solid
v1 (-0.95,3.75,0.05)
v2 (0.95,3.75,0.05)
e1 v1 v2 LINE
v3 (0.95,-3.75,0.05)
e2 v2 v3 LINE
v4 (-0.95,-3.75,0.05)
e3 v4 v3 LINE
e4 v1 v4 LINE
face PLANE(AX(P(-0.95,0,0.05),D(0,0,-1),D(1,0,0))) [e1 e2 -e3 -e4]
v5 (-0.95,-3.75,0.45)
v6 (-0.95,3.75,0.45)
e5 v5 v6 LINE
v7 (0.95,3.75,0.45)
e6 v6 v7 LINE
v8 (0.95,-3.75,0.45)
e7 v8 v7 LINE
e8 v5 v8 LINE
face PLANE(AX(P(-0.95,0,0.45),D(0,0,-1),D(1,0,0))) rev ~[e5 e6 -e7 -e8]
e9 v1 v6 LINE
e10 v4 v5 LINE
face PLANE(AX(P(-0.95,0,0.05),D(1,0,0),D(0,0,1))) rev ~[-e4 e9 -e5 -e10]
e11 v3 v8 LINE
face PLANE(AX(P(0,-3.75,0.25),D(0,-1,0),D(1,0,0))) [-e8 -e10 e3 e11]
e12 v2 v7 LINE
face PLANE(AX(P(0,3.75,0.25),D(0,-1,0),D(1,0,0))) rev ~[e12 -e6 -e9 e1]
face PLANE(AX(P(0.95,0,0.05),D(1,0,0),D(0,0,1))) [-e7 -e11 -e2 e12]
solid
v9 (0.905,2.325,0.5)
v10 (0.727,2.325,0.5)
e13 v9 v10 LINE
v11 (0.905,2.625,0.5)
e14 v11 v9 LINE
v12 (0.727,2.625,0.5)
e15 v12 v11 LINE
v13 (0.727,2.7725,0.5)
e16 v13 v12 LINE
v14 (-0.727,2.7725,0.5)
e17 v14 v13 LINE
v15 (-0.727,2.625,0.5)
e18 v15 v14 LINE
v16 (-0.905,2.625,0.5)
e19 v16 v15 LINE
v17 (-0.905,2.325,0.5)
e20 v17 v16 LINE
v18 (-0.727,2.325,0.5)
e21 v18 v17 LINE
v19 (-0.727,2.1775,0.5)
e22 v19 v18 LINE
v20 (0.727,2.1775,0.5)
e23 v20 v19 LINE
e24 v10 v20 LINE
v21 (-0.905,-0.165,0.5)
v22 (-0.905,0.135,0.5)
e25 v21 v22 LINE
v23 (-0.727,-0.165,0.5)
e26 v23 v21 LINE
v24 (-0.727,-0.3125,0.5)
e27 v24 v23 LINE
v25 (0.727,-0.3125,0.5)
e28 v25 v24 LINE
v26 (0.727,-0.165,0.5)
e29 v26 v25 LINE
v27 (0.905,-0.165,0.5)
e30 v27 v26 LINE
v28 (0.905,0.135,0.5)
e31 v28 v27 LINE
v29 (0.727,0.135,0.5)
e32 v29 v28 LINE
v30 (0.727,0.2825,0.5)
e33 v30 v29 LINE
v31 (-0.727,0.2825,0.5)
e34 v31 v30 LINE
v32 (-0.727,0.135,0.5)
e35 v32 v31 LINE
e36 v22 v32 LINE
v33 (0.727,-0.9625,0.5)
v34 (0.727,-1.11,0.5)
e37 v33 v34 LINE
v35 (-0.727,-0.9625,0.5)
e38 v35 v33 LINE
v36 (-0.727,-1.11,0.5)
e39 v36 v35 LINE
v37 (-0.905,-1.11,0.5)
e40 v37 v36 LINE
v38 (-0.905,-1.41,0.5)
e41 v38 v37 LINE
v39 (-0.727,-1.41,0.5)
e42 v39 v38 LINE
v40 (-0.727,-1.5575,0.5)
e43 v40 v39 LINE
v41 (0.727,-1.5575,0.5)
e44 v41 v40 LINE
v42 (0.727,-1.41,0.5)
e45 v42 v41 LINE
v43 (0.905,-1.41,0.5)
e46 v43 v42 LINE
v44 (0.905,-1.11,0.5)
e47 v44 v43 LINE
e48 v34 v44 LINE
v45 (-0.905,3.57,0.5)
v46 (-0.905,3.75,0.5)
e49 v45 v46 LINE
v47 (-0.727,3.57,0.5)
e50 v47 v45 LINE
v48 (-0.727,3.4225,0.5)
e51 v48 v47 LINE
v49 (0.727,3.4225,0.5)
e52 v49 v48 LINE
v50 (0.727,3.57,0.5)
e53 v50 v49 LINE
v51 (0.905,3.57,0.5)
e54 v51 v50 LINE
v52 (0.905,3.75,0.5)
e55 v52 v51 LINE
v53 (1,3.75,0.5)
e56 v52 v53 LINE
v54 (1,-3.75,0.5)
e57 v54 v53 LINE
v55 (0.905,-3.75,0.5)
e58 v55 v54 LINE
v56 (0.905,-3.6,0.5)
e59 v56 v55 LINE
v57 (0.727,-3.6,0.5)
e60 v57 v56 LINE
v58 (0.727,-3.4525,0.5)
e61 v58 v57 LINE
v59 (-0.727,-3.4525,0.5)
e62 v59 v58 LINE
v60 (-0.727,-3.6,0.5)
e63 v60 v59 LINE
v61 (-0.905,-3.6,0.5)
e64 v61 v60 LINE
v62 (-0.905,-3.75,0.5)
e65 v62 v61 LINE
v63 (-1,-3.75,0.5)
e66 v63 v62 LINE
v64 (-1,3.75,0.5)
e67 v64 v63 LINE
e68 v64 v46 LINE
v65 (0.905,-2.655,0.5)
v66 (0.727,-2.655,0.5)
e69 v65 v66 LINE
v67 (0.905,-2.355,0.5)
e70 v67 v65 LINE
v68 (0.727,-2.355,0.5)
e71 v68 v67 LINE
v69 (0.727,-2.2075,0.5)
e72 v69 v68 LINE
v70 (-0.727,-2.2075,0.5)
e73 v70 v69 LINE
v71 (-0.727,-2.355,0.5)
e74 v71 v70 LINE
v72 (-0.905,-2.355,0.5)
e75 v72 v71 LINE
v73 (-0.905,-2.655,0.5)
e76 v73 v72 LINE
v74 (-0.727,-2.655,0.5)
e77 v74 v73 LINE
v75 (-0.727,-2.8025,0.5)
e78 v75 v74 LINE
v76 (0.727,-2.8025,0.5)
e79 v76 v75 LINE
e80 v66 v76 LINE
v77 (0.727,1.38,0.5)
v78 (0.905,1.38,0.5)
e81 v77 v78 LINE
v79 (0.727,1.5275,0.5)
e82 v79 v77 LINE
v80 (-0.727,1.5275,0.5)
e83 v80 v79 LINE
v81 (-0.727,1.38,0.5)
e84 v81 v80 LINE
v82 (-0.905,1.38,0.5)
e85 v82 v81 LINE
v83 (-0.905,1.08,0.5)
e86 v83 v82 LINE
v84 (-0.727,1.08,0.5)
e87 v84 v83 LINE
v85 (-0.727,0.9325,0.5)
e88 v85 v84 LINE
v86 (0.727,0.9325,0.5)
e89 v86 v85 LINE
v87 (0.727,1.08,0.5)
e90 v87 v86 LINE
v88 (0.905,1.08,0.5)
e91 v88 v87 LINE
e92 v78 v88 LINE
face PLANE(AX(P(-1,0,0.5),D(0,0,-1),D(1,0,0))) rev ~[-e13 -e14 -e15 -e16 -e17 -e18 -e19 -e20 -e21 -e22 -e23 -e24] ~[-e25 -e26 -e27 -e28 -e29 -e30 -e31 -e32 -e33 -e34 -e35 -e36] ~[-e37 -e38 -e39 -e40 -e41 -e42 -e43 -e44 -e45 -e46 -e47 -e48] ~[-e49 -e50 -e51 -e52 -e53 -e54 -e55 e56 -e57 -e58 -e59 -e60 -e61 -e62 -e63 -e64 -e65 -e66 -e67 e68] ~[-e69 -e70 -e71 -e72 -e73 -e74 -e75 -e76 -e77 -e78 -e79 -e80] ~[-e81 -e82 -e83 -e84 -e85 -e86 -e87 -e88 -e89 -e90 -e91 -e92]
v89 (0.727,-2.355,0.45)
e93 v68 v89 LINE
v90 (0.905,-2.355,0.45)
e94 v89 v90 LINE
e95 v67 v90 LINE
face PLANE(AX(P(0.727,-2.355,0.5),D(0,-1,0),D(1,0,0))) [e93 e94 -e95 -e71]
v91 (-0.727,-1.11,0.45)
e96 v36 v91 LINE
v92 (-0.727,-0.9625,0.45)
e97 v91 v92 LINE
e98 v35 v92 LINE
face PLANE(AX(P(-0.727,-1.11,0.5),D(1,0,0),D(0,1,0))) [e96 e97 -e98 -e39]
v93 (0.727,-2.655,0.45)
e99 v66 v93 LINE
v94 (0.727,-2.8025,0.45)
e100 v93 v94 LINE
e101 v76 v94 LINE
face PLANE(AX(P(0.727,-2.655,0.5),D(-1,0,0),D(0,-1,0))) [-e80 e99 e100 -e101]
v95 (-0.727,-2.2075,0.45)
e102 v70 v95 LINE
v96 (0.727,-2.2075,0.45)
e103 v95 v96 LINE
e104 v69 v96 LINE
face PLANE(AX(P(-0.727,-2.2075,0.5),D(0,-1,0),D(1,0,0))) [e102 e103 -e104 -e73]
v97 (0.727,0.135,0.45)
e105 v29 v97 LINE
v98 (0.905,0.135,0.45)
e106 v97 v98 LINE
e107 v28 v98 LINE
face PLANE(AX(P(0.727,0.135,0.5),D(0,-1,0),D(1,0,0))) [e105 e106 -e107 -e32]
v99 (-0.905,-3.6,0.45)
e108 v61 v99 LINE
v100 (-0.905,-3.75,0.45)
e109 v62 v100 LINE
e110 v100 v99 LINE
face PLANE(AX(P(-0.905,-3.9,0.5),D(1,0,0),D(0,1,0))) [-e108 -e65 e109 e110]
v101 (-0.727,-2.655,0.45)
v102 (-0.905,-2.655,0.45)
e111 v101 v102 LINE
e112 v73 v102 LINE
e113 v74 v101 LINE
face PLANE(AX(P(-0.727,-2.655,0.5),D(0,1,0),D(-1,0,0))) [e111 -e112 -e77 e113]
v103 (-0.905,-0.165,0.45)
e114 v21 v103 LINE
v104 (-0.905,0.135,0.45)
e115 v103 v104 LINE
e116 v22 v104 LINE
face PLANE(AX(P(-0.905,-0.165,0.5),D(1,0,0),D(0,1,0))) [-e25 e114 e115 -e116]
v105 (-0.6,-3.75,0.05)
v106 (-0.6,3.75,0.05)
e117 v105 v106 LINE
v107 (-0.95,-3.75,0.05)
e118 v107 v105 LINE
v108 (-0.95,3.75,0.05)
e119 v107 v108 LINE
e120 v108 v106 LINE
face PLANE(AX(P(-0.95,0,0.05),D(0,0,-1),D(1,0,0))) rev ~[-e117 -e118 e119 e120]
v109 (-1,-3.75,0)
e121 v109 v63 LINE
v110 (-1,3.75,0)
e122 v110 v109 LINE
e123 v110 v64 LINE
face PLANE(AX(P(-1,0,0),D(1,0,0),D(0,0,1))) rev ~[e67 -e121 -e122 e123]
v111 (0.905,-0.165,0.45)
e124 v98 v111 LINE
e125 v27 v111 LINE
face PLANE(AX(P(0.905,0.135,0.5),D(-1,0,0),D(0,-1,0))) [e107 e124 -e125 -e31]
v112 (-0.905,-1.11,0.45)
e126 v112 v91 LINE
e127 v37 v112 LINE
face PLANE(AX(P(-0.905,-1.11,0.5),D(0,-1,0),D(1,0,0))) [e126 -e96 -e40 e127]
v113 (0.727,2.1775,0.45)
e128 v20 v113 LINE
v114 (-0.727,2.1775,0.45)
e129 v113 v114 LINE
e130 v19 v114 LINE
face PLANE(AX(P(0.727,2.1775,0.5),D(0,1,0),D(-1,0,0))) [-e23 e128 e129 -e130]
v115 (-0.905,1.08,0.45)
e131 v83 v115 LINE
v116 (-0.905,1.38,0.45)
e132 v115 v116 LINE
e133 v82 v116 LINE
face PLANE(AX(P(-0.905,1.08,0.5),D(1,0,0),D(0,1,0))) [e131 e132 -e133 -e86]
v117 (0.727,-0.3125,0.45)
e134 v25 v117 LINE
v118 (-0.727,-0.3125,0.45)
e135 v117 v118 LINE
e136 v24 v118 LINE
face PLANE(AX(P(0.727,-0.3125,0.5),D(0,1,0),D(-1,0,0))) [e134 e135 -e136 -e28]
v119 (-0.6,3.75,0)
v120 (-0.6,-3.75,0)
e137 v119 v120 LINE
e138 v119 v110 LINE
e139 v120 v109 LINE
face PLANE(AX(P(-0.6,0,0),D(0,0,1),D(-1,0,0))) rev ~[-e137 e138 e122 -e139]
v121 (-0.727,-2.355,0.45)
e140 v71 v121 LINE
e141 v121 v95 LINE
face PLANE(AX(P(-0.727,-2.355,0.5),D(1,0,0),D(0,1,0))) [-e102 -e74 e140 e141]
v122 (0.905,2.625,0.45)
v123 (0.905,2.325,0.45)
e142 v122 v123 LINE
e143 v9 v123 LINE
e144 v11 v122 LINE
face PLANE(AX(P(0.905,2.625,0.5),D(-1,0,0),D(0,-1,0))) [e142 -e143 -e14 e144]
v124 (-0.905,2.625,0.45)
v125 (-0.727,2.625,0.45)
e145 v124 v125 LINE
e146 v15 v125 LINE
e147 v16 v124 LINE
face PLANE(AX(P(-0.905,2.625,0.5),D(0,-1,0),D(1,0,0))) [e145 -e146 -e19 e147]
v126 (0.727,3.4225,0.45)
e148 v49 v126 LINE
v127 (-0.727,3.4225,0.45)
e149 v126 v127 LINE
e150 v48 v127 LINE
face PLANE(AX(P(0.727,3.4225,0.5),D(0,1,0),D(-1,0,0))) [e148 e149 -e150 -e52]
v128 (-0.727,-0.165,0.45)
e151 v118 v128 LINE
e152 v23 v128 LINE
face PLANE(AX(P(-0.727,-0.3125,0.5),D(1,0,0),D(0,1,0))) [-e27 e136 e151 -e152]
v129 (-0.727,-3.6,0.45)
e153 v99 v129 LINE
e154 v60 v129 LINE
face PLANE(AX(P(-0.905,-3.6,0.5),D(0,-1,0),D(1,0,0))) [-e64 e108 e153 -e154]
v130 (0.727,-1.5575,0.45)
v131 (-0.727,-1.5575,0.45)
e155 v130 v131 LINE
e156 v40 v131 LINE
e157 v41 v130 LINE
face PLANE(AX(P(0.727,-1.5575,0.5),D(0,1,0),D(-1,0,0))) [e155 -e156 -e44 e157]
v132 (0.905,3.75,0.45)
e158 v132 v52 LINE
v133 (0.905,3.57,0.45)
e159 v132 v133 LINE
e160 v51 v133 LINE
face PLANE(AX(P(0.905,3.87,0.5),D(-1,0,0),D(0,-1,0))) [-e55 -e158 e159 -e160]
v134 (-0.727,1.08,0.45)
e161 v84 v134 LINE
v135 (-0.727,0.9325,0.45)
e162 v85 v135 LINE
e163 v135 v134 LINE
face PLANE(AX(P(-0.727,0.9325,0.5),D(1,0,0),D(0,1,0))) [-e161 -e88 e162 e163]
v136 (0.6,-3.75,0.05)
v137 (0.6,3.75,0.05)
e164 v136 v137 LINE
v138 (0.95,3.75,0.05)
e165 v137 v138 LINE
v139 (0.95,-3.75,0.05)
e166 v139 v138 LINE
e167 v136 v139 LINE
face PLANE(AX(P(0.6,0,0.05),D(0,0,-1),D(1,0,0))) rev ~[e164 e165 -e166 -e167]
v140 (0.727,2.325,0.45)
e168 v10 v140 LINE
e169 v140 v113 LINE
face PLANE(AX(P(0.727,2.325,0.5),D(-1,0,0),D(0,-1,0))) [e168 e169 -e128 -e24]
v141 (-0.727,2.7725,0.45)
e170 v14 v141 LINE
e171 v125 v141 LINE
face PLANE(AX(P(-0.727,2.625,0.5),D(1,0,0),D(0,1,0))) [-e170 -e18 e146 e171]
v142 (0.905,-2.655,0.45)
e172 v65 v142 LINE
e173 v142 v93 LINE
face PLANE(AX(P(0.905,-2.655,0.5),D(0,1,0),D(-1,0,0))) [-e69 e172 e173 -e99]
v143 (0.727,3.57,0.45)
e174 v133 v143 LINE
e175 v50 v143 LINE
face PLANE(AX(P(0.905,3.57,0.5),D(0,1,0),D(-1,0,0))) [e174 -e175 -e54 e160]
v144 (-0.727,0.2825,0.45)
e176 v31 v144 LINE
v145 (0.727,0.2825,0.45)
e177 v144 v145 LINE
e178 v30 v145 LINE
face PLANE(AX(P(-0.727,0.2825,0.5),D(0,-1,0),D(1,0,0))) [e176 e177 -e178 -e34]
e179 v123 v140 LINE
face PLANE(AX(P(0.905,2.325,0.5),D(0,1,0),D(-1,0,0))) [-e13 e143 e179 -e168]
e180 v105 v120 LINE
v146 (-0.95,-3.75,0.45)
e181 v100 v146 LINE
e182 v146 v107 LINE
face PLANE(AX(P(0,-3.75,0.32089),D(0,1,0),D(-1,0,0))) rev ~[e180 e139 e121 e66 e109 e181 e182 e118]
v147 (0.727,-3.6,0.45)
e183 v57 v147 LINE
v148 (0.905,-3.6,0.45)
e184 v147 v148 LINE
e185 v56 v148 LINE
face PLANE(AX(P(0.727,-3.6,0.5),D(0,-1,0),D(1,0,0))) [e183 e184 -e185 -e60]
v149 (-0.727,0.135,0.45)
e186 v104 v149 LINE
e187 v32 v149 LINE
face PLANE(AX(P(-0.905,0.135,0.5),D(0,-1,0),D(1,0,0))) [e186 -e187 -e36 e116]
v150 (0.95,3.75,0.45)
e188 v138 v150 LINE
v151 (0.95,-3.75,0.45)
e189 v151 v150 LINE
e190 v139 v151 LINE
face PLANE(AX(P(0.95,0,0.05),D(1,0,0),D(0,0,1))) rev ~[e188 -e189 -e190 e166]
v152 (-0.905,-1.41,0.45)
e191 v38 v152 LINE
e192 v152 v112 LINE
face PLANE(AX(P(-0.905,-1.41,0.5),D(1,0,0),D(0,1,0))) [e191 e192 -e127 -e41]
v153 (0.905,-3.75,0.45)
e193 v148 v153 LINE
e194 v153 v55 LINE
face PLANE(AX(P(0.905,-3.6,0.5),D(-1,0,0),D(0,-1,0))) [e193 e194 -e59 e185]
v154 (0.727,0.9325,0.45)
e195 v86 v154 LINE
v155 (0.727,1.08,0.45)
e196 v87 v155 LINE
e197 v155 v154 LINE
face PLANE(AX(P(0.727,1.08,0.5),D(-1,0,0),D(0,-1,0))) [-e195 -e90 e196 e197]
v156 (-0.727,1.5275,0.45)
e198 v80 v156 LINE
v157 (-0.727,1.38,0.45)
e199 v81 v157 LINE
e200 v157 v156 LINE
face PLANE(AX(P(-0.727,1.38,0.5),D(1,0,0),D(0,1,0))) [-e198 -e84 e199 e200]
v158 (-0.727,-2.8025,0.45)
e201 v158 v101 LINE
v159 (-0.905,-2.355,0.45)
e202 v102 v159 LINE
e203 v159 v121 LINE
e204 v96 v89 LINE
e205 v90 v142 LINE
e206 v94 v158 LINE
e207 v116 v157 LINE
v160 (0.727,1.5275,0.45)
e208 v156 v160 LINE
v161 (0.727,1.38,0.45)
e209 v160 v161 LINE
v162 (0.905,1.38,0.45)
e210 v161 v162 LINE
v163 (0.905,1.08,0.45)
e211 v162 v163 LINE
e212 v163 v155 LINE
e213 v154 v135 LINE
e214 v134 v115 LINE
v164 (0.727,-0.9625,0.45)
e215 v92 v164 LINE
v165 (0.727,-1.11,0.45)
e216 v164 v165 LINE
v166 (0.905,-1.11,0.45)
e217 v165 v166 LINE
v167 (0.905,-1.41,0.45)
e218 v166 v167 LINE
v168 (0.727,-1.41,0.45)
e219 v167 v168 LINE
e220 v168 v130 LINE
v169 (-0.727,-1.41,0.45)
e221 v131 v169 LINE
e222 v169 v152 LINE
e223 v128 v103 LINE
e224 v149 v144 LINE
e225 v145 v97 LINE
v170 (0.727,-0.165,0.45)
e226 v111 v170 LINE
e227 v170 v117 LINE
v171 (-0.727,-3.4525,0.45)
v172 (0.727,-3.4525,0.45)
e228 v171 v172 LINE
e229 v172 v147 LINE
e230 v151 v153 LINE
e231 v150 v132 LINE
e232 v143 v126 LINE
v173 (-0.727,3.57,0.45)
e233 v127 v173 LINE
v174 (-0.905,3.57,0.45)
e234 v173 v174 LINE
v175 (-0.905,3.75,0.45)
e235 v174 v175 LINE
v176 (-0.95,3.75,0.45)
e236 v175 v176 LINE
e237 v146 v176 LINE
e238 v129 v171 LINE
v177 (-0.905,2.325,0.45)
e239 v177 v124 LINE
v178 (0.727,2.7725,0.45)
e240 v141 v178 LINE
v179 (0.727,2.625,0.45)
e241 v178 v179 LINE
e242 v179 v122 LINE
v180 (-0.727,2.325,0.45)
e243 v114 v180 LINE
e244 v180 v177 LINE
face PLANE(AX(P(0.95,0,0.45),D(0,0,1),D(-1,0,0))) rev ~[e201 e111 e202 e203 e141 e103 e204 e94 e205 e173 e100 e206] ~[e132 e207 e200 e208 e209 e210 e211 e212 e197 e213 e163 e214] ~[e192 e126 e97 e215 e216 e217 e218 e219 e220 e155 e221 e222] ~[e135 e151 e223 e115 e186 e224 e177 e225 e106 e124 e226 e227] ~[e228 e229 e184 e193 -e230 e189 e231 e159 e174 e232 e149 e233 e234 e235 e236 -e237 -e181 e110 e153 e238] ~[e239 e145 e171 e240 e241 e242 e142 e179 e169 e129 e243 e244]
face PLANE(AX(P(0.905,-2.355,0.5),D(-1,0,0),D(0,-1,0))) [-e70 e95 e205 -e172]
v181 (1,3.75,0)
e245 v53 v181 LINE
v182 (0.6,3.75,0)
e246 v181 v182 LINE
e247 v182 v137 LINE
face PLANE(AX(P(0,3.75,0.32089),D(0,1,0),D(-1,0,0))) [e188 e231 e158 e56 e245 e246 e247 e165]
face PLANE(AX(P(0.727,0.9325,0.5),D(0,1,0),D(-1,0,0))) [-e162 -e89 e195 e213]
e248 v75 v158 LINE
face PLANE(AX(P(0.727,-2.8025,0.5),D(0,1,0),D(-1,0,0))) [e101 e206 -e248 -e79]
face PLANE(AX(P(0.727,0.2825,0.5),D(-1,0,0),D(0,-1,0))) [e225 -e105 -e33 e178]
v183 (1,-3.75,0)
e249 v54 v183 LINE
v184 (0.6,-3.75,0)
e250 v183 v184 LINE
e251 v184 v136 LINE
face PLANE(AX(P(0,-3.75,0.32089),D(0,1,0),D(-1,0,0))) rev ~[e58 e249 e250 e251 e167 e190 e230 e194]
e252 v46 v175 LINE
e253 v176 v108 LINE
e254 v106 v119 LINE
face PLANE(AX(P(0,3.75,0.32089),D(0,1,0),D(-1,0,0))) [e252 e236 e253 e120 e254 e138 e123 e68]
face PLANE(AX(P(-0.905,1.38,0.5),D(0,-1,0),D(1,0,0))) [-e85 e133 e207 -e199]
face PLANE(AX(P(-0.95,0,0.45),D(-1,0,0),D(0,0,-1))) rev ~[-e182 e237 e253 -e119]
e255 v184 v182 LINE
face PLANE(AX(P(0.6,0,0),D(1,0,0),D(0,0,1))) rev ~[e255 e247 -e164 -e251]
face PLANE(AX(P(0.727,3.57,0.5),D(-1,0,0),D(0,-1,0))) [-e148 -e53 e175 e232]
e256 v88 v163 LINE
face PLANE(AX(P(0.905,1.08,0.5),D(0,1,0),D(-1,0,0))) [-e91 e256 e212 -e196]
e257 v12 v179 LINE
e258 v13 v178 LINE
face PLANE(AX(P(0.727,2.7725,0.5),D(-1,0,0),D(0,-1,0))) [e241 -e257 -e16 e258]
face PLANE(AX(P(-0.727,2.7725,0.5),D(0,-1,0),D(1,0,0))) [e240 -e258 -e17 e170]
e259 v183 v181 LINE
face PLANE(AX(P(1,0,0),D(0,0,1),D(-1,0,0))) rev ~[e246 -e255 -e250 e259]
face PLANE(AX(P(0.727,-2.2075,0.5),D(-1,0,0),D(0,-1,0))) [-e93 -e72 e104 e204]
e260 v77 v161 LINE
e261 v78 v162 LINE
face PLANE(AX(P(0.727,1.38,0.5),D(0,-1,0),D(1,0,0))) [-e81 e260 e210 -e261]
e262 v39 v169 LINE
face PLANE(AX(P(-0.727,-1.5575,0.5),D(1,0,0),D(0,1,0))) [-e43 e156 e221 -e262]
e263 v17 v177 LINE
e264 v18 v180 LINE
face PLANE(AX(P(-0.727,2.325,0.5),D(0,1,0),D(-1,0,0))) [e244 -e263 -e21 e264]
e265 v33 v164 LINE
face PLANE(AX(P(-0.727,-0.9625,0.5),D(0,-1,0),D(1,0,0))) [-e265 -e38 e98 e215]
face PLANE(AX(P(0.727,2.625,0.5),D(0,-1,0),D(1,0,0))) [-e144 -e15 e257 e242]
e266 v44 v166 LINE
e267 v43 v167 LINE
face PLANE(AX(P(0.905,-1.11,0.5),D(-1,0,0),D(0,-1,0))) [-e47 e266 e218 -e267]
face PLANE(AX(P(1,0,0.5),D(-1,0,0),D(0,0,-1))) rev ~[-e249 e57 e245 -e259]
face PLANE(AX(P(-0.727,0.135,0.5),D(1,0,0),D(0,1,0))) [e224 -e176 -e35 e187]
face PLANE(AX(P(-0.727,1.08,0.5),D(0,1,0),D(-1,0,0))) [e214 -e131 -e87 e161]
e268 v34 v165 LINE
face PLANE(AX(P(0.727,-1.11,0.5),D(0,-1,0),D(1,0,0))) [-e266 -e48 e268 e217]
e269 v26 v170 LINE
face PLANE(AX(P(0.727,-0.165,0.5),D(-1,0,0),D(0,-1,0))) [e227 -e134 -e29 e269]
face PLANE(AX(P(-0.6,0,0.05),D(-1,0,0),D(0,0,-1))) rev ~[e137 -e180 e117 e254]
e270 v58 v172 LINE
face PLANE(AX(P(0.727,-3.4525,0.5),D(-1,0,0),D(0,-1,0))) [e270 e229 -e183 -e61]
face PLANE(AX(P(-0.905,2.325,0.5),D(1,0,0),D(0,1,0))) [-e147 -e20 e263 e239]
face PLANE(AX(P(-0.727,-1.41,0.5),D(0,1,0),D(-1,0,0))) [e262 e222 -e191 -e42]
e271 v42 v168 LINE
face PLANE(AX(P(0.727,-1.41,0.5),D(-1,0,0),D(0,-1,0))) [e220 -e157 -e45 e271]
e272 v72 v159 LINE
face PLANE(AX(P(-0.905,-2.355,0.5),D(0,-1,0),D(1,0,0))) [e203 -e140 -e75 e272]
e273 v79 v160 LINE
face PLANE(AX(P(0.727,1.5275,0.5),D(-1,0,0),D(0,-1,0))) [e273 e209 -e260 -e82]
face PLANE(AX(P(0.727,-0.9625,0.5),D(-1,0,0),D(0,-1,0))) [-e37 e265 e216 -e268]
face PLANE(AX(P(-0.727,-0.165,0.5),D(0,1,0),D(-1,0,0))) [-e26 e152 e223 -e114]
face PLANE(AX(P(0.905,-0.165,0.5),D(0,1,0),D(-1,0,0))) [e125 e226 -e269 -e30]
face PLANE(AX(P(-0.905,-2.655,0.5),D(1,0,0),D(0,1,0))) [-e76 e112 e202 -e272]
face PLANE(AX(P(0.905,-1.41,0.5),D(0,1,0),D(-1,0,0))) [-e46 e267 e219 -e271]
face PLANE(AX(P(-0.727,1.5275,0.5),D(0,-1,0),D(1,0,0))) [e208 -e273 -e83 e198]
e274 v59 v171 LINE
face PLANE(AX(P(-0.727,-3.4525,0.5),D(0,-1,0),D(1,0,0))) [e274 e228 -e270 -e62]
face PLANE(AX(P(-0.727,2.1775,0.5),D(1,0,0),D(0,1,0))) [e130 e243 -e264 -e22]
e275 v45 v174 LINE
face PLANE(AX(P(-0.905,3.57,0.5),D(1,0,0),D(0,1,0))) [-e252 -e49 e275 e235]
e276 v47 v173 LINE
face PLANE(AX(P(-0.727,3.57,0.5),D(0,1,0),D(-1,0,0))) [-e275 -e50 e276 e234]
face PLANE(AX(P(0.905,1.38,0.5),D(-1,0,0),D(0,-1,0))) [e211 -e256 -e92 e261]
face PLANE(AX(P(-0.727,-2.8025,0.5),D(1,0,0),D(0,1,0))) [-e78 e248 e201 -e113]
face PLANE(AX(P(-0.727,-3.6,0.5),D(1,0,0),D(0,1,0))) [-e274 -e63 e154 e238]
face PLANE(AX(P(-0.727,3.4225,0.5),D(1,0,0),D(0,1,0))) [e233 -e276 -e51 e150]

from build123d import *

# Parameters (mm, degrees)
PAD_DEPTH           = 3.75
POCKET_DEPTH        = 0.055
LINEARPATTERN_COUNT = 7
LINEARPATTERN_PITCH = 1.245
SKETCH002_W         = 1.9
SKETCH002_H         = 0.4
PAD001_DEPTH        = 3.75


with BuildPart() as metalfilm:
    # Sketch → Pad (new body, symmetric)
    with BuildSketch(Plane.XZ):
        Polygon((-1, 0.5), (1, 0.5), (1, 0), (0.6, 0), (0.6, 0.05), (0.95, 0.05), (0.95, 0.45), (-0.95, 0.45), (-0.95, 0.05), (-0.6, 0.05), (-0.6, 0), (-1, 0), align=None)
    extrude(amount=PAD_DEPTH, both=True)

    # Sketch001 → Pocket (cut)
    with BuildSketch(Plane.XY.offset(0.5)):
        Polygon((-0.905, -3.6), (-0.727, -3.6), (-0.727, -3.4525), (0.727, -3.4525), (0.727, -3.6), (0.905, -3.6), (0.905, -3.9), (0.727, -3.9), (0.727, -4.0475), (-0.727, -4.0475), (-0.727, -3.9), (-0.905, -3.9), align=None)
    pocket = extrude(amount=-POCKET_DEPTH, mode=Mode.SUBTRACT)

    # LinearPattern: Pocket ×7
    with Locations(*[(0, i * LINEARPATTERN_PITCH, 0) for i in range(1, LINEARPATTERN_COUNT)]):
        add(pocket, mode=Mode.SUBTRACT)


with BuildPart() as ceramicbody:
    # Sketch002 → Pad001 (new body, symmetric)
    with BuildSketch(Plane.XZ):
        with Locations((0, 0.25)):
            Rectangle(SKETCH002_W, SKETCH002_H)
    extrude(amount=PAD001_DEPTH, both=True)


solid = Compound([metalfilm.part, ceramicbody.part])
